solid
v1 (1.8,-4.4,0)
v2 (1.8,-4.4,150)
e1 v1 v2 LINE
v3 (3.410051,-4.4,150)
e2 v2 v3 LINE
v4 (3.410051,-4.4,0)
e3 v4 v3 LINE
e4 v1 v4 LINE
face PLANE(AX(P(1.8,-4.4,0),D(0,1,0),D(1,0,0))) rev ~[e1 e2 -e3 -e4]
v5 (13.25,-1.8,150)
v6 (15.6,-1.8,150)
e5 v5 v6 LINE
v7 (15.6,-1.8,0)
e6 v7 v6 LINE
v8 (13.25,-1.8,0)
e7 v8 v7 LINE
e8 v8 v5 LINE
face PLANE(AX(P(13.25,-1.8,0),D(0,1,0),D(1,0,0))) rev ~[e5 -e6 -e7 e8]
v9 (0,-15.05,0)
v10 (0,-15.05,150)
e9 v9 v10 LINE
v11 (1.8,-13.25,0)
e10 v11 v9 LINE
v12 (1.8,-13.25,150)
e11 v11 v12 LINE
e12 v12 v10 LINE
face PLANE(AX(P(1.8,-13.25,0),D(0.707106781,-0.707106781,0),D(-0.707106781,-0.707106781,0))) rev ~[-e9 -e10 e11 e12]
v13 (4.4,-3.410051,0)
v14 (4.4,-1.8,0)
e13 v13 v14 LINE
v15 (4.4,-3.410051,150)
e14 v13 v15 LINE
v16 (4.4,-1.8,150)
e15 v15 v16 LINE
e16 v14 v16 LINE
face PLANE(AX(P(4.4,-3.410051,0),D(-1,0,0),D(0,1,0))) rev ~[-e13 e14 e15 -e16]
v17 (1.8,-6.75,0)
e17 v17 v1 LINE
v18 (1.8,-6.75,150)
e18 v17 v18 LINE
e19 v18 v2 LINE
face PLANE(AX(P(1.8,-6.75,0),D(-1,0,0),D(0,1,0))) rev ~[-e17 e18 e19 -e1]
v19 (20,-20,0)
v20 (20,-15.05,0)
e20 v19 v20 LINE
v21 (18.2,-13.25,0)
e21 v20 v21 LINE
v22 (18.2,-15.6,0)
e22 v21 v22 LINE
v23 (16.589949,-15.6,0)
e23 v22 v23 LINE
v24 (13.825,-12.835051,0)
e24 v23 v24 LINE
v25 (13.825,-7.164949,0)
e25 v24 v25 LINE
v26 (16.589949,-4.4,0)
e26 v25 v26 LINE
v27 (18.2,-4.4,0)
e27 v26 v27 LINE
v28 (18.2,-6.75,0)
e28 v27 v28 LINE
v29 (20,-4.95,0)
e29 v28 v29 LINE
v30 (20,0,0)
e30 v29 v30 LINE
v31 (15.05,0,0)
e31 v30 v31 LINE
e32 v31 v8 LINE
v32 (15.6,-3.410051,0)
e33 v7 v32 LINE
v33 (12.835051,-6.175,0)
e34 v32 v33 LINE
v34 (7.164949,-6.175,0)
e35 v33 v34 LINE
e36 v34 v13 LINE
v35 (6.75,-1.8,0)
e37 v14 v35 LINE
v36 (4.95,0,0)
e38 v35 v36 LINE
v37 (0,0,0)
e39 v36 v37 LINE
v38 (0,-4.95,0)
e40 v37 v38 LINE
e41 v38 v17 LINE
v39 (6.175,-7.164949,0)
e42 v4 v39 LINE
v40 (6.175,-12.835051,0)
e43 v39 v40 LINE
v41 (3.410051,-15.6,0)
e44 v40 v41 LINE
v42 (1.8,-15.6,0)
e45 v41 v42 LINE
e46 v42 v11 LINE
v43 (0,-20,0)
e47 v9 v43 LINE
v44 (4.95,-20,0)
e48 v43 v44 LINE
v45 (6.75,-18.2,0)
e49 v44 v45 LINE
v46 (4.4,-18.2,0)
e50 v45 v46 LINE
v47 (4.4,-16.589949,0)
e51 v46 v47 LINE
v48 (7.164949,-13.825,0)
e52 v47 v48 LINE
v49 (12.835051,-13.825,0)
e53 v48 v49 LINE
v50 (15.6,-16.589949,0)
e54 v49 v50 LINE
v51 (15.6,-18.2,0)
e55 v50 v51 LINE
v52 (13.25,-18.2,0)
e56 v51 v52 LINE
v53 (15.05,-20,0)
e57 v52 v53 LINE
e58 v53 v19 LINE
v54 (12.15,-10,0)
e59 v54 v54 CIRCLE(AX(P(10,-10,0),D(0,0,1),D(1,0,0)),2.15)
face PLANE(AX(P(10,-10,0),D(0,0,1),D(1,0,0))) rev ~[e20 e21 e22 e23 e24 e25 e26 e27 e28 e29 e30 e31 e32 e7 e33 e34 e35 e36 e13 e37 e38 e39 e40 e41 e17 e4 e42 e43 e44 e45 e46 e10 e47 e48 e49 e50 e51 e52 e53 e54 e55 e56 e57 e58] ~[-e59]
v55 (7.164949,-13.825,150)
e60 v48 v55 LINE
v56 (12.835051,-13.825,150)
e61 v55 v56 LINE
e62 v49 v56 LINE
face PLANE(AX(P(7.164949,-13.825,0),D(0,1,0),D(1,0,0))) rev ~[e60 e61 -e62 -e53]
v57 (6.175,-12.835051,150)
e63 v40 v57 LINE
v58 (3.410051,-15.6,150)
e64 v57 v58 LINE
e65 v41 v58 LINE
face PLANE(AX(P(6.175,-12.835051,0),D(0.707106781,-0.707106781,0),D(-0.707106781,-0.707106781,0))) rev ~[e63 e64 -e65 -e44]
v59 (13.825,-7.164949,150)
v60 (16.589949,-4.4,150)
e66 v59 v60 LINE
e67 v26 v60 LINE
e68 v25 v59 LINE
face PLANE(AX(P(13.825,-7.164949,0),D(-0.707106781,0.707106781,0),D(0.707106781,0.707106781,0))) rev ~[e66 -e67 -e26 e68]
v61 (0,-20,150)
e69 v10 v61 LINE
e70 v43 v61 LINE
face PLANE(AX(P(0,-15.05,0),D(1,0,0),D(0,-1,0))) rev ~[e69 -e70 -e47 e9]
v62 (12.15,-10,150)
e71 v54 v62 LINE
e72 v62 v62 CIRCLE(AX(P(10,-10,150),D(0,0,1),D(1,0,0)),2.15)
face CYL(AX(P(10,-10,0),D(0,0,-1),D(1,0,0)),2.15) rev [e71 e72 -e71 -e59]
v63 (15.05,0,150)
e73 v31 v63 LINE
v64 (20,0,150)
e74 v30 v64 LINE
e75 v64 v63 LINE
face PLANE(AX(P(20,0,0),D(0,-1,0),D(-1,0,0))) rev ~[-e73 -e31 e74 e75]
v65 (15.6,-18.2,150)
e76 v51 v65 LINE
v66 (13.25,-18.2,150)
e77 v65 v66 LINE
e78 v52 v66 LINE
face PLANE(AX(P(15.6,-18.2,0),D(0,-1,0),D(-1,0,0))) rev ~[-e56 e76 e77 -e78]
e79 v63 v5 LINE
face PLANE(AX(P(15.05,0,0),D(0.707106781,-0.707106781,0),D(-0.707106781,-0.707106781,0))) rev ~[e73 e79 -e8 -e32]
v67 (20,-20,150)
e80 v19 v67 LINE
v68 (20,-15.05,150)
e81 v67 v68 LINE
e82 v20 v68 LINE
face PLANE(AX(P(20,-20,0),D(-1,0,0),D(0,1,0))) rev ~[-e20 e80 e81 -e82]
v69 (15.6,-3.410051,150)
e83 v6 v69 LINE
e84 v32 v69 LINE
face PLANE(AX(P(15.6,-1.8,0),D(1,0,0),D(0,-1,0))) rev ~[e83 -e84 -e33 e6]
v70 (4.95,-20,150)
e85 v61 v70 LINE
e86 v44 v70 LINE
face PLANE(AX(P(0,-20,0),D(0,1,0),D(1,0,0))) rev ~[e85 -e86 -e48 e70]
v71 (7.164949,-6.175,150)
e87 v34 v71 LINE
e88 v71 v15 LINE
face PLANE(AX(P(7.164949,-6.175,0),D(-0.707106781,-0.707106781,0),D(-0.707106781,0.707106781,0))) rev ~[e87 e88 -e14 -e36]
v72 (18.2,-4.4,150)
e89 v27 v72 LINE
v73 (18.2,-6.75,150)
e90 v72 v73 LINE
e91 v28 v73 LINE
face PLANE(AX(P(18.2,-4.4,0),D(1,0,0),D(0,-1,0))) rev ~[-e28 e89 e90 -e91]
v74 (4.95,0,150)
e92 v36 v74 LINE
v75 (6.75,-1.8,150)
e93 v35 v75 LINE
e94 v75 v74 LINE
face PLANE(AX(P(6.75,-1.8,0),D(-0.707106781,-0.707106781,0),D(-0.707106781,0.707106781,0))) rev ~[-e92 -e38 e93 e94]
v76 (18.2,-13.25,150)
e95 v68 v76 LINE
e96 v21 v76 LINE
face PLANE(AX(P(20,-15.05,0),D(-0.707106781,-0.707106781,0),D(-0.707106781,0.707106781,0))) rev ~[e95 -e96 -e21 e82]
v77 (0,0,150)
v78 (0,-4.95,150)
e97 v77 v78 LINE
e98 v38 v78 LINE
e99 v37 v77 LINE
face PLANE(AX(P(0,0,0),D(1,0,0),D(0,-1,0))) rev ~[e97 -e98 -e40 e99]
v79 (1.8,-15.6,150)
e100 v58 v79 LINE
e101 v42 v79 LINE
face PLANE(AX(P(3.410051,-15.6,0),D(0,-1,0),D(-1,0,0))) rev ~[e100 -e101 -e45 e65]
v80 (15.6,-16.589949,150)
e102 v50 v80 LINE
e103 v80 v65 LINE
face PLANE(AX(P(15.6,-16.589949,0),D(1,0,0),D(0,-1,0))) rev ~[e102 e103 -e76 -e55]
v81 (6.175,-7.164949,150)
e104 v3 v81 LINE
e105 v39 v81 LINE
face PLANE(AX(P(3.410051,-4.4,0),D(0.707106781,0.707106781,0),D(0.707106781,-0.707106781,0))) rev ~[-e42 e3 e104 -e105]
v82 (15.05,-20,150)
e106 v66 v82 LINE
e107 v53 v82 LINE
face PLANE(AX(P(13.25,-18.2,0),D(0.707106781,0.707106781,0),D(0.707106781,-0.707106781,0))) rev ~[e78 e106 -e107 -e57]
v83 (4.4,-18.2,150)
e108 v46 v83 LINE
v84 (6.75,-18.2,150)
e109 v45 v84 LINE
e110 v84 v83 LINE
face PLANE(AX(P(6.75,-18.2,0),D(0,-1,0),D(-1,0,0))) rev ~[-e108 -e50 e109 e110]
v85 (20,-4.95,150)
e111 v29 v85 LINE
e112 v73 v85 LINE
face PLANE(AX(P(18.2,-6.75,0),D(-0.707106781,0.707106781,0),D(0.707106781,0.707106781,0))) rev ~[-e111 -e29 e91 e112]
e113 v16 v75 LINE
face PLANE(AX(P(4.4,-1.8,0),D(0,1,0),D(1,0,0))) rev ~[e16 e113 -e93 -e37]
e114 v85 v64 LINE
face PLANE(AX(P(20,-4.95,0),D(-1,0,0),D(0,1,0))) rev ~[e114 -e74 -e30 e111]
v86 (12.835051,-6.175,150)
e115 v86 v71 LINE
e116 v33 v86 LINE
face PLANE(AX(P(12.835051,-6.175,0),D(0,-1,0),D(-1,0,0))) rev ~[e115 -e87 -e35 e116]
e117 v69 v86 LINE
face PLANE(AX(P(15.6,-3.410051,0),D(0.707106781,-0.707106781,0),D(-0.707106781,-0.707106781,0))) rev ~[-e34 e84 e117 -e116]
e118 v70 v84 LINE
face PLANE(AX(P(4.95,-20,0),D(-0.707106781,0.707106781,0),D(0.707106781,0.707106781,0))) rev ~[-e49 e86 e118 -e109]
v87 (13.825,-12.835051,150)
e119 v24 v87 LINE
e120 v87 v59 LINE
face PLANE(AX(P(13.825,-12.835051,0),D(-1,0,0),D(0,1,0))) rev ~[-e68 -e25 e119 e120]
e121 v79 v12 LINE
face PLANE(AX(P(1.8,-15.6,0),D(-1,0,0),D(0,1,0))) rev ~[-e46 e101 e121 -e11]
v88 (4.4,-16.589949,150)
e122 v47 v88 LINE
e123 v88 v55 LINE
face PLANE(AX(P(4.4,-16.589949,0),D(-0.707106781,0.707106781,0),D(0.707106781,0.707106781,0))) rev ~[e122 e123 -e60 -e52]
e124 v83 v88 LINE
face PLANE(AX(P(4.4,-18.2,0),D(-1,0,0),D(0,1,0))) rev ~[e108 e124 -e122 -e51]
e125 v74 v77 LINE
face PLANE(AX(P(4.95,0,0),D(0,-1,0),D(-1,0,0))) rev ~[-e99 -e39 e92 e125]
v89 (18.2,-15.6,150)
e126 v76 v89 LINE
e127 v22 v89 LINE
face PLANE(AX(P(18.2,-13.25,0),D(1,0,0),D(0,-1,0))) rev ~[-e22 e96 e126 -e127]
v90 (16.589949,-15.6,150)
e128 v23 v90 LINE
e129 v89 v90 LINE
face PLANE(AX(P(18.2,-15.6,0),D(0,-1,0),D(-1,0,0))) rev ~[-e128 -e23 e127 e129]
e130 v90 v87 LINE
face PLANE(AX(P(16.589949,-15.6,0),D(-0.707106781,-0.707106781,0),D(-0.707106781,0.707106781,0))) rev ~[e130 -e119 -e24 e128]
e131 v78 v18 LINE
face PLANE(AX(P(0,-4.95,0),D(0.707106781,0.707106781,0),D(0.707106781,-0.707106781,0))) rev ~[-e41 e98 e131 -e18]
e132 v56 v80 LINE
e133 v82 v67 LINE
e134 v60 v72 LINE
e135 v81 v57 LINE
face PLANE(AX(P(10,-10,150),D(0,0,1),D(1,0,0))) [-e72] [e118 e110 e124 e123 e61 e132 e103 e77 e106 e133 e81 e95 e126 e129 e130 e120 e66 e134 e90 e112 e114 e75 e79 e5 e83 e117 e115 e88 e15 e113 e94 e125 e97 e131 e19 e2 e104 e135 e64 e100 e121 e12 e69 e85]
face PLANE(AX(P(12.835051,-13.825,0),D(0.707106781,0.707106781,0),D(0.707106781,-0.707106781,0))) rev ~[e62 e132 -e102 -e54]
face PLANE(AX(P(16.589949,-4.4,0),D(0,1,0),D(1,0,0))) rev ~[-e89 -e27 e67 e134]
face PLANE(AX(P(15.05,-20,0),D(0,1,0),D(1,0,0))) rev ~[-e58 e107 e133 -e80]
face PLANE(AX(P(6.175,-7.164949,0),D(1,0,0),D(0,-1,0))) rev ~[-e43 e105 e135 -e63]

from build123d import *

# Parameters (mm, degrees)
CROQUIS1_R      = 2.15
BOSCHBASE_DEPTH = 150


with BuildPart() as part:
    # Croquis1 → BoschBase (new body)
    with BuildSketch(Plane.XY):
        Polygon((4.4, 0), (0, 0), (0, -0.56736664), (0, -4.4), (0, -4.95), (1.8, -6.75), (1.8, -4.4), (3.410050506, -4.4), (6.175, -7.164949494), (6.175, -12.835050506), (3.410050506, -15.6), (1.8, -15.6), (1.8, -13.25), (0, -15.05), (0, -15.6), (0, -20), (4.4, -20), (4.95, -20), (6.75, -18.2), (4.4, -18.2), (4.4, -16.589949494), (7.164949494, -13.825), (12.835050506, -13.825), (15.6, -16.589949494), (15.6, -18.2), (13.25, -18.2), (15.05, -20), (15.6, -20), (18.2, -20), (20, -20), (20, -15.6), (20, -15.05), (18.2, -13.25), (18.2, -15.6), (16.589949494, -15.6), (13.825, -12.835050506), (13.825, -7.164949494), (16.589949494, -4.4), (18.2, -4.4), (18.2, -6.75), (20, -4.95), (20, -4.4), (20, 0), (15.6, 0), (15.05, 0), (13.25, -1.8), (15.6, -1.8), (15.6, -3.410050506), (12.835050506, -6.175), (7.164949494, -6.175), (4.4, -3.410050506), (4.4, -1.8), (6.75, -1.8), (4.95, 0), align=None)
        with Locations((10, -10)):
            Circle(CROQUIS1_R, mode=Mode.SUBTRACT)
    extrude(amount=BOSCHBASE_DEPTH)


solid = part.part
